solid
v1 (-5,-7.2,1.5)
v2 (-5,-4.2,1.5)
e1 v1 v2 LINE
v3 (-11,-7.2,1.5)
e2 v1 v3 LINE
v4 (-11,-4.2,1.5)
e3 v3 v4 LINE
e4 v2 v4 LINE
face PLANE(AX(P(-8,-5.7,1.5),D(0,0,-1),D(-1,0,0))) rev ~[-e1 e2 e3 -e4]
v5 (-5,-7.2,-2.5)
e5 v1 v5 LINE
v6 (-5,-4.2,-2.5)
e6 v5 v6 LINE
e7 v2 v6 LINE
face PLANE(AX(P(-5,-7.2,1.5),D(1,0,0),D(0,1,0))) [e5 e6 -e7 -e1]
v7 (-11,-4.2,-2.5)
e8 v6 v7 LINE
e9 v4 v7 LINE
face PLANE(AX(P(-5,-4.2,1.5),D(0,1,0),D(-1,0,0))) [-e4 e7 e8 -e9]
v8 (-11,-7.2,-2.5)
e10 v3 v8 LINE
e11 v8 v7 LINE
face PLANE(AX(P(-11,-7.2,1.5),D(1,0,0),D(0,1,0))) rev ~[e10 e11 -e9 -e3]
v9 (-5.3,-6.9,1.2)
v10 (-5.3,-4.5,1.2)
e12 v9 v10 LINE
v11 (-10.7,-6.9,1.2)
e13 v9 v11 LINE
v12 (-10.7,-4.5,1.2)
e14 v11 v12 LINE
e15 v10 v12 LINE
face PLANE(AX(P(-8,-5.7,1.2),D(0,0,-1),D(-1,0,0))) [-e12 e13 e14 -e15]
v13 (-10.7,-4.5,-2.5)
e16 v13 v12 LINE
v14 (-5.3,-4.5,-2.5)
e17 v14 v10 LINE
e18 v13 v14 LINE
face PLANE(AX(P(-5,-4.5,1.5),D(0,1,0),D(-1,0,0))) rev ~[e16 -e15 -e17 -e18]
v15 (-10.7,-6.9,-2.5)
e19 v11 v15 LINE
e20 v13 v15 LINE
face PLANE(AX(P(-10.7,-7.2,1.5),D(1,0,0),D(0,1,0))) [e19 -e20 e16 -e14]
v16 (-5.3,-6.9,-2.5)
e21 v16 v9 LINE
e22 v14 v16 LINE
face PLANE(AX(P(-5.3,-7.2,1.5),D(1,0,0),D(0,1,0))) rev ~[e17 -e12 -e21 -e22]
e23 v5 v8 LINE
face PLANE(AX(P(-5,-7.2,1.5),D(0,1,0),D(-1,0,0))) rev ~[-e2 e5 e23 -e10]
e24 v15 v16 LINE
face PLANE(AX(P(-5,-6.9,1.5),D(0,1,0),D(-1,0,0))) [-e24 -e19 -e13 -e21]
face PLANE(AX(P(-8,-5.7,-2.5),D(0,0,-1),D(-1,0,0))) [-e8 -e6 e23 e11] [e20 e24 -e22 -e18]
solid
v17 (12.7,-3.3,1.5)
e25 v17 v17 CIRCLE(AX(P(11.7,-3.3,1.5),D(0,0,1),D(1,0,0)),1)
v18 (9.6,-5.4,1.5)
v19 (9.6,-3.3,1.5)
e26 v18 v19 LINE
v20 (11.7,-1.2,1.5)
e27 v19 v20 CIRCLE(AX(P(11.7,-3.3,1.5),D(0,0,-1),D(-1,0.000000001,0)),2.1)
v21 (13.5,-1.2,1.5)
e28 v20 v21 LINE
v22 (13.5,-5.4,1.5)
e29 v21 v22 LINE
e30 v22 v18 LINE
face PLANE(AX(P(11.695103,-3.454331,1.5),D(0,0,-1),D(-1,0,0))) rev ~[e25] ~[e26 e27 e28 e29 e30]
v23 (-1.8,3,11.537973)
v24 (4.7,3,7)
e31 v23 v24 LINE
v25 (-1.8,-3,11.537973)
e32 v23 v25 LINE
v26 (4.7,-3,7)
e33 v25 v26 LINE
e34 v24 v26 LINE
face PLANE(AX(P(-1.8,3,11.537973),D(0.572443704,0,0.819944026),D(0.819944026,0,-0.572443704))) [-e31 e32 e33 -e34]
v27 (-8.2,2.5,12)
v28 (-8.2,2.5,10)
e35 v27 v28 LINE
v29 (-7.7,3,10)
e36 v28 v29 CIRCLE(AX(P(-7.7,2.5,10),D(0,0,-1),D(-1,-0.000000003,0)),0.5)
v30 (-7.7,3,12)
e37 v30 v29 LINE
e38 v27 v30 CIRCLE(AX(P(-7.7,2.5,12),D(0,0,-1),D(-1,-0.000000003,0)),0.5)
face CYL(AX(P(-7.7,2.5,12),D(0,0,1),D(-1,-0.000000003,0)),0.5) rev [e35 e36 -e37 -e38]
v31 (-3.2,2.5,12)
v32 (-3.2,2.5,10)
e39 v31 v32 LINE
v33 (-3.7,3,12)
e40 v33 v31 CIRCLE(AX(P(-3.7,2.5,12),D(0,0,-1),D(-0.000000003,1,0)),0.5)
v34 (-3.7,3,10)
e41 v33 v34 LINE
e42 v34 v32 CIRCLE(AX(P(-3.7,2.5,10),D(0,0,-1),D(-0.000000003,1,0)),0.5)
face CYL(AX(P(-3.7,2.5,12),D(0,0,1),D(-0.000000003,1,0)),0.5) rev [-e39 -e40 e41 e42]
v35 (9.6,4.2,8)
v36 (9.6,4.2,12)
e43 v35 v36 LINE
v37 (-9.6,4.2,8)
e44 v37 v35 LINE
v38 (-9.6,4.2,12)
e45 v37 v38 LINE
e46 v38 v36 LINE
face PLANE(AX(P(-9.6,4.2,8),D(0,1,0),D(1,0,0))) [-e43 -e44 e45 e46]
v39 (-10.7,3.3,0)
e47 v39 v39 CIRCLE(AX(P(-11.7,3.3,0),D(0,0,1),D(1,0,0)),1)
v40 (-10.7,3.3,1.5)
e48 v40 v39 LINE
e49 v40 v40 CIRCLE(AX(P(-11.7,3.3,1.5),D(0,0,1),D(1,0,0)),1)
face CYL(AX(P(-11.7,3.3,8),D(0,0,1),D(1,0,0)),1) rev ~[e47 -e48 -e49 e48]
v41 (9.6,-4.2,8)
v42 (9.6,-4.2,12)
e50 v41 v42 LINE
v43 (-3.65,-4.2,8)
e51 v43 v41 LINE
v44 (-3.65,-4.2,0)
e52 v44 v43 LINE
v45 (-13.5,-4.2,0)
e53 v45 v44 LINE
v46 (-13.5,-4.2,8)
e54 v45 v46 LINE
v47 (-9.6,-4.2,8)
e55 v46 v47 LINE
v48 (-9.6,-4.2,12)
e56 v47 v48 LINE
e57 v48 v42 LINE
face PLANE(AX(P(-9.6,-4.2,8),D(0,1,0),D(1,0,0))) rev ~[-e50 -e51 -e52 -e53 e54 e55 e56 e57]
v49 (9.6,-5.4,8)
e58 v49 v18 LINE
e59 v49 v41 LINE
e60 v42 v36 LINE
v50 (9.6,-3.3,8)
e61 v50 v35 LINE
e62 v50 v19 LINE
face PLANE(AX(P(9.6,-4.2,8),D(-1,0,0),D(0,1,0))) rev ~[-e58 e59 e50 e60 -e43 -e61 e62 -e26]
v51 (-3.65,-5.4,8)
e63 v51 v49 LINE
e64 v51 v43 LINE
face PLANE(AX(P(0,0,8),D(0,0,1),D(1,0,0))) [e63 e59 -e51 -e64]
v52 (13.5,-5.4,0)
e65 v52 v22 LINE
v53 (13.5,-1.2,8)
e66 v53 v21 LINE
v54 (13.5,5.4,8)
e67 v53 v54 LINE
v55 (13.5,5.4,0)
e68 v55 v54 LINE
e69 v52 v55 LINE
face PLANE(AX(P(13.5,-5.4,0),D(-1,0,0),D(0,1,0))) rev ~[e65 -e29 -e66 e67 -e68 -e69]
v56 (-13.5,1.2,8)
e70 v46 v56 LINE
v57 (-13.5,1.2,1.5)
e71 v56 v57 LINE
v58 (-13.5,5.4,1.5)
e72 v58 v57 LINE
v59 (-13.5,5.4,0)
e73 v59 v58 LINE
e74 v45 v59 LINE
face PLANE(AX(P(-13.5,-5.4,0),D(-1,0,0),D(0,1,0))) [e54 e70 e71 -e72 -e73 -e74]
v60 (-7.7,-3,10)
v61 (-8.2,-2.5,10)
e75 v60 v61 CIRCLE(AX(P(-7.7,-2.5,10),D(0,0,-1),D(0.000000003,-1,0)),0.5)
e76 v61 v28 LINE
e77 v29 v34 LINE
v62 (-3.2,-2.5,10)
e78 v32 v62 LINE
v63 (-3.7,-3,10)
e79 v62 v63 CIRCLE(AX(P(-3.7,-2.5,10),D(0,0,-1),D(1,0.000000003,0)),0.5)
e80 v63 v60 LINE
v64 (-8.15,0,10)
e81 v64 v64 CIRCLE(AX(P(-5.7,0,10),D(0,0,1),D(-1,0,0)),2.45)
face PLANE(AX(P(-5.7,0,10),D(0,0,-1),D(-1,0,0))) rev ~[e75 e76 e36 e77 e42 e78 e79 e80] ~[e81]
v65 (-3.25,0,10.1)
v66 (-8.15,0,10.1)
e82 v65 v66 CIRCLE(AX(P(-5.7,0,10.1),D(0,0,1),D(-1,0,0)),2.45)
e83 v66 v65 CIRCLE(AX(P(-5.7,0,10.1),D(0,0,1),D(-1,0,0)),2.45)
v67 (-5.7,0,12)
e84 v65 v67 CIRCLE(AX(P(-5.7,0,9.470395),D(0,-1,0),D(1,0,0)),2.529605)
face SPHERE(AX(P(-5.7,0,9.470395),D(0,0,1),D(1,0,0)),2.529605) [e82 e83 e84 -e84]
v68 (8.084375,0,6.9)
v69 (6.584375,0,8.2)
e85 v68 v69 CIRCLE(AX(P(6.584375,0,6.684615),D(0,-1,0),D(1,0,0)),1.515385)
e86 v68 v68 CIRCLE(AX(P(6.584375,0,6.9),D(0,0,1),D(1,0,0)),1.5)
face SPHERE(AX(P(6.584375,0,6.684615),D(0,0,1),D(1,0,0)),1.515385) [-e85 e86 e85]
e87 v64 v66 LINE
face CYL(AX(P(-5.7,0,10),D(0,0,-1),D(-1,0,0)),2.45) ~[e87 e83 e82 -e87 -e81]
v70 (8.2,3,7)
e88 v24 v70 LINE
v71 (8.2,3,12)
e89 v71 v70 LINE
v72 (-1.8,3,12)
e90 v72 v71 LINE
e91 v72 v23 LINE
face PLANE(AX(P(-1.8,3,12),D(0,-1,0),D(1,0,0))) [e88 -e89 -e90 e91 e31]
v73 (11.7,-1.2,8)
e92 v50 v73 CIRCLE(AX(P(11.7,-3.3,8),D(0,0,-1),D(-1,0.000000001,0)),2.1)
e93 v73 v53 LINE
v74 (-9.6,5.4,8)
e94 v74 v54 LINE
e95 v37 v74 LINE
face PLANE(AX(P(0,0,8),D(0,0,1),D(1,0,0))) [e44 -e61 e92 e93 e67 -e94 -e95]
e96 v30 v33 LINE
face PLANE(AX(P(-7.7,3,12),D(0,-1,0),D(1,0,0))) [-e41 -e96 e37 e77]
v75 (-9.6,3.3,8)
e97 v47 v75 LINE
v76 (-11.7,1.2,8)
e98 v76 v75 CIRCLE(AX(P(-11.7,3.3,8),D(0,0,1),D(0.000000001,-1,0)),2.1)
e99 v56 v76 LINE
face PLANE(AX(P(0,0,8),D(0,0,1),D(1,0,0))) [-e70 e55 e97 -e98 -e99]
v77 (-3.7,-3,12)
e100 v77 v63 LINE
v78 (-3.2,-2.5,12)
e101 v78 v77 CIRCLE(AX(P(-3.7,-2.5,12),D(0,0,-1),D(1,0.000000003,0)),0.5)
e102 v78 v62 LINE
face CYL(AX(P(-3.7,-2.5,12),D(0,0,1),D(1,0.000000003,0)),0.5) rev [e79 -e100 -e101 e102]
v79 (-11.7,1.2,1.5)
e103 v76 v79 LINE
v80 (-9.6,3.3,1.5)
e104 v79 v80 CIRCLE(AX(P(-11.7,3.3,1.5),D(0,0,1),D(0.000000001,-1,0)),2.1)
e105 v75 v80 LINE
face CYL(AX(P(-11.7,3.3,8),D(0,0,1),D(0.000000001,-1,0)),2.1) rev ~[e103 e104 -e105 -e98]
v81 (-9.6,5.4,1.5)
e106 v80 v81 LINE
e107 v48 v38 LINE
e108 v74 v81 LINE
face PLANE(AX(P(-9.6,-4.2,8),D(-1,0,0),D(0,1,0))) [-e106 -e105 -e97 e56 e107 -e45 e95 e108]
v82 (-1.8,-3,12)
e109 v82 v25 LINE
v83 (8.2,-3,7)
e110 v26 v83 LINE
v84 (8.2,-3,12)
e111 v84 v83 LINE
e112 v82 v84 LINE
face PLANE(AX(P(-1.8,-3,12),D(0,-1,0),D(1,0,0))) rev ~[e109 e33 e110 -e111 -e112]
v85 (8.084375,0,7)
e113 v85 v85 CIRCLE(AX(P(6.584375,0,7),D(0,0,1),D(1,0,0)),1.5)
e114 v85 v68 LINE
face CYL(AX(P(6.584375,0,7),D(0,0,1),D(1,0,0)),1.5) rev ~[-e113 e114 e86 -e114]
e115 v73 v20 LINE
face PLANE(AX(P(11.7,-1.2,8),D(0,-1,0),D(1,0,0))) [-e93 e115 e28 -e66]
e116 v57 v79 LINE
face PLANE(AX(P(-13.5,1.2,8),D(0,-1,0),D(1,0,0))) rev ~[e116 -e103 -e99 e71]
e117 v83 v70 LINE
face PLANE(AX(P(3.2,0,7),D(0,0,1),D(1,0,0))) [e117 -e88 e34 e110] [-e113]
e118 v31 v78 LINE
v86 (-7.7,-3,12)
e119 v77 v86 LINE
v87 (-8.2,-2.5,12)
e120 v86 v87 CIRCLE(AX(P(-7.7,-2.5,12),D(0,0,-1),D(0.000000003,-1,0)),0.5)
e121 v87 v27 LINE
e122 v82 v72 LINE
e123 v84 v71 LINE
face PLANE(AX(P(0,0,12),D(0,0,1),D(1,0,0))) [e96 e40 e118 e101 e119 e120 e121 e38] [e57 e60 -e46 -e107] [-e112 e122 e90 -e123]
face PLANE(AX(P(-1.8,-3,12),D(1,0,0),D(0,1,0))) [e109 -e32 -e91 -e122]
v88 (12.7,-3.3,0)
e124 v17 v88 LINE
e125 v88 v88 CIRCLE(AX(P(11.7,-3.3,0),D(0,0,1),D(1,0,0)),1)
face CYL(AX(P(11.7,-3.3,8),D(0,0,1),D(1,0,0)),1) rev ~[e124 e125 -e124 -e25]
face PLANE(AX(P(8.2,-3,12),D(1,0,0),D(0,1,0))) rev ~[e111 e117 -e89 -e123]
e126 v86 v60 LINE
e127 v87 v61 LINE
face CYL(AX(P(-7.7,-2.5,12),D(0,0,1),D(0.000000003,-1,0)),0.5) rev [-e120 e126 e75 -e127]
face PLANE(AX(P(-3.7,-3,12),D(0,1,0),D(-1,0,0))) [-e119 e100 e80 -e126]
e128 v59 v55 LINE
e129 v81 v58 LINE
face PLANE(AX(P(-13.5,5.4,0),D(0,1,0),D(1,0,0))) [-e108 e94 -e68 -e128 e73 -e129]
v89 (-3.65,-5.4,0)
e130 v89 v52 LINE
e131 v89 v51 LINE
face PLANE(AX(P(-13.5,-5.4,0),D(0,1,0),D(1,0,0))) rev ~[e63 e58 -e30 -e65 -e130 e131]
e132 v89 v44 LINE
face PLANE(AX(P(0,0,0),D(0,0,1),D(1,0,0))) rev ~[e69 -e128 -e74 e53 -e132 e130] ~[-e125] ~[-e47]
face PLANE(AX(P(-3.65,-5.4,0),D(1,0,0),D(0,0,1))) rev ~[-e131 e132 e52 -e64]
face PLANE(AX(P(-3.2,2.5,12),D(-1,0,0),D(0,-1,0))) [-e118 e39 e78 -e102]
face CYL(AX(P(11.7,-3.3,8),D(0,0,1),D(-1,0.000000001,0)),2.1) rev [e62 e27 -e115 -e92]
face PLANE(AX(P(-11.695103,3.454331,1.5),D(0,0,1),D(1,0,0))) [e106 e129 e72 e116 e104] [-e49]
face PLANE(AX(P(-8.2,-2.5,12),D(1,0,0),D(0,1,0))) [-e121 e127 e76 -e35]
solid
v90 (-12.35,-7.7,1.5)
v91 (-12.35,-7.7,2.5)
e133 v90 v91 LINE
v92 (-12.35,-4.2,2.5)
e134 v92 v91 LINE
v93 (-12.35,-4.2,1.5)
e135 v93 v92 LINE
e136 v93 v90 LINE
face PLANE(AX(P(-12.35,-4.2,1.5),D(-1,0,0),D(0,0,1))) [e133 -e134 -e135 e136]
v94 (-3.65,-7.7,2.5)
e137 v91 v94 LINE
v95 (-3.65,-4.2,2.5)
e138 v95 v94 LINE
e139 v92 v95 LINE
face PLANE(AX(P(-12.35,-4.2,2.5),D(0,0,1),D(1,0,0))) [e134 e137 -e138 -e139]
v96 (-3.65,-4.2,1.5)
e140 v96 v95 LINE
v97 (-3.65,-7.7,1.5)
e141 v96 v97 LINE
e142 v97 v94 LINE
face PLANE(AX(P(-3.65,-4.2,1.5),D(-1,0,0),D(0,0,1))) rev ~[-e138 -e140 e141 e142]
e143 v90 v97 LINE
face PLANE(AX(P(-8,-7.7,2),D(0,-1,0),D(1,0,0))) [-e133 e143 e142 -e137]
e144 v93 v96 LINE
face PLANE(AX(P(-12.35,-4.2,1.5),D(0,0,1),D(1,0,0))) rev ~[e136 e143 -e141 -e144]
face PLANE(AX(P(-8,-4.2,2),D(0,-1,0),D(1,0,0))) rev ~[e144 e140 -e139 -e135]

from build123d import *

# Parameters (mm, degrees)
SKETCH1_W           = 27
SKETCH1_H           = 10.8
BOSS_EXTRUDE1_DEPTH = 8
SKETCH2_R           = 1
CUT_EXTRUDE3_DEPTH  = 17.595481313
SKETCH2_3_R         = 1
CUT_EXTRUDE4_DEPTH  = 6.5
SKETCH6_W           = 9.85
SKETCH6_H           = 8
CUT_EXTRUDE5_DEPTH  = 1.2
SKETCH7_W           = 19.2
SKETCH7_H           = 8.4
BOSS_EXTRUDE2_DEPTH = 4
CUT_EXTRUDE6_DEPTH  = 2
SKETCH10_R          = 2.45
BOSS_EXTRUDE5_DEPTH = 0.1
DOME1_FACE_RADIUS   = 2.45
DOME1_HEIGHT        = 1.9
SKETCH11_W          = 10
SKETCH11_H          = 6
CUT_EXTRUDE7_DEPTH  = 5
SKETCH12_R          = 1.5
CUT_EXTRUDE8_DEPTH  = 0.1
BOSS_EXTRUDE6_REACH = 21.92
DOME2_FACE_RADIUS   = 1.5
DOME2_HEIGHT        = 1.3
SKETCH14_W          = 8.7
SKETCH14_H          = 1
BOSS_EXTRUDE7_DEPTH = 3.5
SKETCH15_W          = 6
SKETCH15_H          = 3
BOSS_EXTRUDE9_DEPTH = 4
SHELL1_T            = -0.3


with BuildPart() as part:
    # Sketch1 → Boss-Extrude1 (new body)
    with BuildSketch(Plane.XY):
        Rectangle(SKETCH1_W, SKETCH1_H)
    extrude(amount=BOSS_EXTRUDE1_DEPTH)

    # Sketch2 → Cut-Extrude3 (cut, through all)
    with BuildSketch(Plane.XY.offset(8)):
        with Locations((-11.7, 3.3)):
            Circle(SKETCH2_R)
        with Locations((11.7, -3.3)):
            Circle(SKETCH2_R)
    extrude(amount=-CUT_EXTRUDE3_DEPTH, mode=Mode.SUBTRACT)

    # Sketch2<3> → Cut-Extrude4 (cut)
    # profile 1 of 2: a face of its own
    with BuildSketch(Plane.XY.offset(8)):
        with BuildLine():
            Line((11.7, -1.2), (13.5, -1.2))
            Line((13.5, -1.2), (13.5, -5.4))
            Line((13.5, -5.4), (9.6, -5.4))
            Line((9.6, -5.4), (9.6, -3.3))
            ThreePointArc((9.6, -3.3), (10.21507576, -1.81507576), (11.7, -1.2))
        make_face()
        with Locations((11.7, -3.3)):
            Circle(SKETCH2_3_R, mode=Mode.SUBTRACT)
    # profile 2 of 2: a face of its own
    with BuildSketch(Plane.XY.offset(8)):
        with BuildLine():
            Line((-9.6, 3.3), (-9.6, 5.4))
            Line((-9.6, 5.4), (-13.5, 5.4))
            Line((-13.5, 5.4), (-13.5, 1.2))
            Line((-13.5, 1.2), (-11.7, 1.2))
            ThreePointArc((-11.7, 1.2), (-10.21507576, 1.81507576), (-9.6, 3.3))
        make_face()
        with Locations((-11.7, 3.3)):
            Circle(SKETCH2_3_R, mode=Mode.SUBTRACT)
    extrude(amount=-CUT_EXTRUDE4_DEPTH, mode=Mode.SUBTRACT)

    # Sketch6 → Cut-Extrude5 (cut)
    with BuildSketch(Plane.XZ.offset(5.4)):
        with Locations((-8.575, 4)):
            Rectangle(SKETCH6_W, SKETCH6_H)
    extrude(amount=-CUT_EXTRUDE5_DEPTH, mode=Mode.SUBTRACT)

    # Sketch7 → Boss-Extrude2 (add)
    with BuildSketch(Plane.XY.offset(8)):
        Rectangle(SKETCH7_W, SKETCH7_H)
    extrude(amount=BOSS_EXTRUDE2_DEPTH)

    # Sketch9 → Cut-Extrude6 (cut)
    with BuildSketch(Plane.XY.offset(12)):
        with BuildLine():
            Line((-7.7, 3), (-3.7, 3))
            ThreePointArc((-3.7, 3), (-3.346446609, 2.853553391), (-3.2, 2.5))
            Line((-3.2, 2.5), (-3.2, -2.5))
            ThreePointArc((-3.2, -2.5), (-3.346446609, -2.853553391), (-3.7, -3))
            Line((-3.7, -3), (-7.7, -3))
            ThreePointArc((-7.7, -3), (-8.053553391, -2.853553391), (-8.2, -2.5))
            Line((-8.2, -2.5), (-8.2, 2.5))
            ThreePointArc((-8.2, 2.5), (-8.053553391, 2.853553391), (-7.7, 3))
        make_face()
    extrude(amount=-CUT_EXTRUDE6_DEPTH, mode=Mode.SUBTRACT)

    # Sketch10 → Boss-Extrude5 (add)
    with BuildSketch(Plane.XY.offset(10)):
        with Locations(Location((-5.7, 0, 0), (0, 0, 180))):
            Circle(SKETCH10_R)
    extrude(amount=BOSS_EXTRUDE5_DEPTH)

    # Dome1: a dome of height H over a round flat face of radius A is a cap of a sphere of radius (A * A + H * H) / (2 * H)
    dome1_r = (DOME1_FACE_RADIUS * DOME1_FACE_RADIUS + DOME1_HEIGHT * DOME1_HEIGHT) / (2 * DOME1_HEIGHT)
    dome1_base = Plane((-5.7, 0, 10.1), z_dir=(0, 0, 1))
    with Locations(dome1_base.offset(DOME1_HEIGHT - dome1_r)):
        dome1_ball = Sphere(dome1_r, mode=Mode.PRIVATE)
    add(split(dome1_ball, bisect_by=dome1_base, keep=Keep.TOP, mode=Mode.PRIVATE))

    # Sketch11 → Cut-Extrude7 (cut)
    with BuildSketch(Plane.XY.offset(12)):
        with Locations((3.2, 0)):
            Rectangle(SKETCH11_W, SKETCH11_H)
    extrude(amount=-CUT_EXTRUDE7_DEPTH, mode=Mode.SUBTRACT)

    # Sketch12 → Cut-Extrude8 (cut)
    with BuildSketch(Plane.XY.offset(7)):
        with Locations((6.584374757, 0)):
            Circle(SKETCH12_R)
    extrude(amount=-CUT_EXTRUDE8_DEPTH, mode=Mode.SUBTRACT)

    # Sketch13 → Boss-Extrude6 (add, up to next)
    with BuildSketch(Plane.XZ.offset(-3), mode=Mode.PRIVATE) as boss_extrude6_sk1:
        Polygon((-1.8, 11.537973276), (4.7, 7), (-1.8, 7), align=None)
    boss_extrude6_tool1 = extrude(boss_extrude6_sk1.sketch, amount=BOSS_EXTRUDE6_REACH, mode=Mode.PRIVATE) - part.part
    add(boss_extrude6_tool1.solids().sort_by_distance((0.366667, 3, 8.512658))[0])

    # Dome2: a dome of height H over a round flat face of radius A is a cap of a sphere of radius (A * A + H * H) / (2 * H)
    dome2_r = (DOME2_FACE_RADIUS * DOME2_FACE_RADIUS + DOME2_HEIGHT * DOME2_HEIGHT) / (2 * DOME2_HEIGHT)
    dome2_base = Plane((6.584374757, 0, 6.9), z_dir=(0, 0, 1))
    with Locations(dome2_base.offset(DOME2_HEIGHT - dome2_r)):
        dome2_ball = Sphere(dome2_r, mode=Mode.PRIVATE)
    add(split(dome2_ball, bisect_by=dome2_base, keep=Keep.TOP, mode=Mode.PRIVATE))


with BuildPart() as body_2:
    # Sketch14 → Boss-Extrude7 (new body)
    with BuildSketch(Plane.XZ.offset(4.2)):
        with Locations((-8, 2)):
            Rectangle(SKETCH14_W, SKETCH14_H)
    extrude(amount=BOSS_EXTRUDE7_DEPTH)


with BuildPart() as body_3:
    # Sketch15 → Boss-Extrude9 (new body)
    with BuildSketch(Plane(origin=(0, 0, 1.5), x_dir=(-1, 0, 0), z_dir=(0, 0, -1))):
        with Locations((8, -5.7)):
            Rectangle(SKETCH15_W, SKETCH15_H)
    extrude(amount=BOSS_EXTRUDE9_DEPTH)

    # Shell1
    shell1_openings = [body_3.faces().sort_by_distance(p)[0] for p in [
        (-8, -5.7, -2.5),
    ]]
    offset(amount=SHELL1_T, openings=shell1_openings, kind=Kind.INTERSECTION)


solid = Compound([part.part, body_2.part, body_3.part])
